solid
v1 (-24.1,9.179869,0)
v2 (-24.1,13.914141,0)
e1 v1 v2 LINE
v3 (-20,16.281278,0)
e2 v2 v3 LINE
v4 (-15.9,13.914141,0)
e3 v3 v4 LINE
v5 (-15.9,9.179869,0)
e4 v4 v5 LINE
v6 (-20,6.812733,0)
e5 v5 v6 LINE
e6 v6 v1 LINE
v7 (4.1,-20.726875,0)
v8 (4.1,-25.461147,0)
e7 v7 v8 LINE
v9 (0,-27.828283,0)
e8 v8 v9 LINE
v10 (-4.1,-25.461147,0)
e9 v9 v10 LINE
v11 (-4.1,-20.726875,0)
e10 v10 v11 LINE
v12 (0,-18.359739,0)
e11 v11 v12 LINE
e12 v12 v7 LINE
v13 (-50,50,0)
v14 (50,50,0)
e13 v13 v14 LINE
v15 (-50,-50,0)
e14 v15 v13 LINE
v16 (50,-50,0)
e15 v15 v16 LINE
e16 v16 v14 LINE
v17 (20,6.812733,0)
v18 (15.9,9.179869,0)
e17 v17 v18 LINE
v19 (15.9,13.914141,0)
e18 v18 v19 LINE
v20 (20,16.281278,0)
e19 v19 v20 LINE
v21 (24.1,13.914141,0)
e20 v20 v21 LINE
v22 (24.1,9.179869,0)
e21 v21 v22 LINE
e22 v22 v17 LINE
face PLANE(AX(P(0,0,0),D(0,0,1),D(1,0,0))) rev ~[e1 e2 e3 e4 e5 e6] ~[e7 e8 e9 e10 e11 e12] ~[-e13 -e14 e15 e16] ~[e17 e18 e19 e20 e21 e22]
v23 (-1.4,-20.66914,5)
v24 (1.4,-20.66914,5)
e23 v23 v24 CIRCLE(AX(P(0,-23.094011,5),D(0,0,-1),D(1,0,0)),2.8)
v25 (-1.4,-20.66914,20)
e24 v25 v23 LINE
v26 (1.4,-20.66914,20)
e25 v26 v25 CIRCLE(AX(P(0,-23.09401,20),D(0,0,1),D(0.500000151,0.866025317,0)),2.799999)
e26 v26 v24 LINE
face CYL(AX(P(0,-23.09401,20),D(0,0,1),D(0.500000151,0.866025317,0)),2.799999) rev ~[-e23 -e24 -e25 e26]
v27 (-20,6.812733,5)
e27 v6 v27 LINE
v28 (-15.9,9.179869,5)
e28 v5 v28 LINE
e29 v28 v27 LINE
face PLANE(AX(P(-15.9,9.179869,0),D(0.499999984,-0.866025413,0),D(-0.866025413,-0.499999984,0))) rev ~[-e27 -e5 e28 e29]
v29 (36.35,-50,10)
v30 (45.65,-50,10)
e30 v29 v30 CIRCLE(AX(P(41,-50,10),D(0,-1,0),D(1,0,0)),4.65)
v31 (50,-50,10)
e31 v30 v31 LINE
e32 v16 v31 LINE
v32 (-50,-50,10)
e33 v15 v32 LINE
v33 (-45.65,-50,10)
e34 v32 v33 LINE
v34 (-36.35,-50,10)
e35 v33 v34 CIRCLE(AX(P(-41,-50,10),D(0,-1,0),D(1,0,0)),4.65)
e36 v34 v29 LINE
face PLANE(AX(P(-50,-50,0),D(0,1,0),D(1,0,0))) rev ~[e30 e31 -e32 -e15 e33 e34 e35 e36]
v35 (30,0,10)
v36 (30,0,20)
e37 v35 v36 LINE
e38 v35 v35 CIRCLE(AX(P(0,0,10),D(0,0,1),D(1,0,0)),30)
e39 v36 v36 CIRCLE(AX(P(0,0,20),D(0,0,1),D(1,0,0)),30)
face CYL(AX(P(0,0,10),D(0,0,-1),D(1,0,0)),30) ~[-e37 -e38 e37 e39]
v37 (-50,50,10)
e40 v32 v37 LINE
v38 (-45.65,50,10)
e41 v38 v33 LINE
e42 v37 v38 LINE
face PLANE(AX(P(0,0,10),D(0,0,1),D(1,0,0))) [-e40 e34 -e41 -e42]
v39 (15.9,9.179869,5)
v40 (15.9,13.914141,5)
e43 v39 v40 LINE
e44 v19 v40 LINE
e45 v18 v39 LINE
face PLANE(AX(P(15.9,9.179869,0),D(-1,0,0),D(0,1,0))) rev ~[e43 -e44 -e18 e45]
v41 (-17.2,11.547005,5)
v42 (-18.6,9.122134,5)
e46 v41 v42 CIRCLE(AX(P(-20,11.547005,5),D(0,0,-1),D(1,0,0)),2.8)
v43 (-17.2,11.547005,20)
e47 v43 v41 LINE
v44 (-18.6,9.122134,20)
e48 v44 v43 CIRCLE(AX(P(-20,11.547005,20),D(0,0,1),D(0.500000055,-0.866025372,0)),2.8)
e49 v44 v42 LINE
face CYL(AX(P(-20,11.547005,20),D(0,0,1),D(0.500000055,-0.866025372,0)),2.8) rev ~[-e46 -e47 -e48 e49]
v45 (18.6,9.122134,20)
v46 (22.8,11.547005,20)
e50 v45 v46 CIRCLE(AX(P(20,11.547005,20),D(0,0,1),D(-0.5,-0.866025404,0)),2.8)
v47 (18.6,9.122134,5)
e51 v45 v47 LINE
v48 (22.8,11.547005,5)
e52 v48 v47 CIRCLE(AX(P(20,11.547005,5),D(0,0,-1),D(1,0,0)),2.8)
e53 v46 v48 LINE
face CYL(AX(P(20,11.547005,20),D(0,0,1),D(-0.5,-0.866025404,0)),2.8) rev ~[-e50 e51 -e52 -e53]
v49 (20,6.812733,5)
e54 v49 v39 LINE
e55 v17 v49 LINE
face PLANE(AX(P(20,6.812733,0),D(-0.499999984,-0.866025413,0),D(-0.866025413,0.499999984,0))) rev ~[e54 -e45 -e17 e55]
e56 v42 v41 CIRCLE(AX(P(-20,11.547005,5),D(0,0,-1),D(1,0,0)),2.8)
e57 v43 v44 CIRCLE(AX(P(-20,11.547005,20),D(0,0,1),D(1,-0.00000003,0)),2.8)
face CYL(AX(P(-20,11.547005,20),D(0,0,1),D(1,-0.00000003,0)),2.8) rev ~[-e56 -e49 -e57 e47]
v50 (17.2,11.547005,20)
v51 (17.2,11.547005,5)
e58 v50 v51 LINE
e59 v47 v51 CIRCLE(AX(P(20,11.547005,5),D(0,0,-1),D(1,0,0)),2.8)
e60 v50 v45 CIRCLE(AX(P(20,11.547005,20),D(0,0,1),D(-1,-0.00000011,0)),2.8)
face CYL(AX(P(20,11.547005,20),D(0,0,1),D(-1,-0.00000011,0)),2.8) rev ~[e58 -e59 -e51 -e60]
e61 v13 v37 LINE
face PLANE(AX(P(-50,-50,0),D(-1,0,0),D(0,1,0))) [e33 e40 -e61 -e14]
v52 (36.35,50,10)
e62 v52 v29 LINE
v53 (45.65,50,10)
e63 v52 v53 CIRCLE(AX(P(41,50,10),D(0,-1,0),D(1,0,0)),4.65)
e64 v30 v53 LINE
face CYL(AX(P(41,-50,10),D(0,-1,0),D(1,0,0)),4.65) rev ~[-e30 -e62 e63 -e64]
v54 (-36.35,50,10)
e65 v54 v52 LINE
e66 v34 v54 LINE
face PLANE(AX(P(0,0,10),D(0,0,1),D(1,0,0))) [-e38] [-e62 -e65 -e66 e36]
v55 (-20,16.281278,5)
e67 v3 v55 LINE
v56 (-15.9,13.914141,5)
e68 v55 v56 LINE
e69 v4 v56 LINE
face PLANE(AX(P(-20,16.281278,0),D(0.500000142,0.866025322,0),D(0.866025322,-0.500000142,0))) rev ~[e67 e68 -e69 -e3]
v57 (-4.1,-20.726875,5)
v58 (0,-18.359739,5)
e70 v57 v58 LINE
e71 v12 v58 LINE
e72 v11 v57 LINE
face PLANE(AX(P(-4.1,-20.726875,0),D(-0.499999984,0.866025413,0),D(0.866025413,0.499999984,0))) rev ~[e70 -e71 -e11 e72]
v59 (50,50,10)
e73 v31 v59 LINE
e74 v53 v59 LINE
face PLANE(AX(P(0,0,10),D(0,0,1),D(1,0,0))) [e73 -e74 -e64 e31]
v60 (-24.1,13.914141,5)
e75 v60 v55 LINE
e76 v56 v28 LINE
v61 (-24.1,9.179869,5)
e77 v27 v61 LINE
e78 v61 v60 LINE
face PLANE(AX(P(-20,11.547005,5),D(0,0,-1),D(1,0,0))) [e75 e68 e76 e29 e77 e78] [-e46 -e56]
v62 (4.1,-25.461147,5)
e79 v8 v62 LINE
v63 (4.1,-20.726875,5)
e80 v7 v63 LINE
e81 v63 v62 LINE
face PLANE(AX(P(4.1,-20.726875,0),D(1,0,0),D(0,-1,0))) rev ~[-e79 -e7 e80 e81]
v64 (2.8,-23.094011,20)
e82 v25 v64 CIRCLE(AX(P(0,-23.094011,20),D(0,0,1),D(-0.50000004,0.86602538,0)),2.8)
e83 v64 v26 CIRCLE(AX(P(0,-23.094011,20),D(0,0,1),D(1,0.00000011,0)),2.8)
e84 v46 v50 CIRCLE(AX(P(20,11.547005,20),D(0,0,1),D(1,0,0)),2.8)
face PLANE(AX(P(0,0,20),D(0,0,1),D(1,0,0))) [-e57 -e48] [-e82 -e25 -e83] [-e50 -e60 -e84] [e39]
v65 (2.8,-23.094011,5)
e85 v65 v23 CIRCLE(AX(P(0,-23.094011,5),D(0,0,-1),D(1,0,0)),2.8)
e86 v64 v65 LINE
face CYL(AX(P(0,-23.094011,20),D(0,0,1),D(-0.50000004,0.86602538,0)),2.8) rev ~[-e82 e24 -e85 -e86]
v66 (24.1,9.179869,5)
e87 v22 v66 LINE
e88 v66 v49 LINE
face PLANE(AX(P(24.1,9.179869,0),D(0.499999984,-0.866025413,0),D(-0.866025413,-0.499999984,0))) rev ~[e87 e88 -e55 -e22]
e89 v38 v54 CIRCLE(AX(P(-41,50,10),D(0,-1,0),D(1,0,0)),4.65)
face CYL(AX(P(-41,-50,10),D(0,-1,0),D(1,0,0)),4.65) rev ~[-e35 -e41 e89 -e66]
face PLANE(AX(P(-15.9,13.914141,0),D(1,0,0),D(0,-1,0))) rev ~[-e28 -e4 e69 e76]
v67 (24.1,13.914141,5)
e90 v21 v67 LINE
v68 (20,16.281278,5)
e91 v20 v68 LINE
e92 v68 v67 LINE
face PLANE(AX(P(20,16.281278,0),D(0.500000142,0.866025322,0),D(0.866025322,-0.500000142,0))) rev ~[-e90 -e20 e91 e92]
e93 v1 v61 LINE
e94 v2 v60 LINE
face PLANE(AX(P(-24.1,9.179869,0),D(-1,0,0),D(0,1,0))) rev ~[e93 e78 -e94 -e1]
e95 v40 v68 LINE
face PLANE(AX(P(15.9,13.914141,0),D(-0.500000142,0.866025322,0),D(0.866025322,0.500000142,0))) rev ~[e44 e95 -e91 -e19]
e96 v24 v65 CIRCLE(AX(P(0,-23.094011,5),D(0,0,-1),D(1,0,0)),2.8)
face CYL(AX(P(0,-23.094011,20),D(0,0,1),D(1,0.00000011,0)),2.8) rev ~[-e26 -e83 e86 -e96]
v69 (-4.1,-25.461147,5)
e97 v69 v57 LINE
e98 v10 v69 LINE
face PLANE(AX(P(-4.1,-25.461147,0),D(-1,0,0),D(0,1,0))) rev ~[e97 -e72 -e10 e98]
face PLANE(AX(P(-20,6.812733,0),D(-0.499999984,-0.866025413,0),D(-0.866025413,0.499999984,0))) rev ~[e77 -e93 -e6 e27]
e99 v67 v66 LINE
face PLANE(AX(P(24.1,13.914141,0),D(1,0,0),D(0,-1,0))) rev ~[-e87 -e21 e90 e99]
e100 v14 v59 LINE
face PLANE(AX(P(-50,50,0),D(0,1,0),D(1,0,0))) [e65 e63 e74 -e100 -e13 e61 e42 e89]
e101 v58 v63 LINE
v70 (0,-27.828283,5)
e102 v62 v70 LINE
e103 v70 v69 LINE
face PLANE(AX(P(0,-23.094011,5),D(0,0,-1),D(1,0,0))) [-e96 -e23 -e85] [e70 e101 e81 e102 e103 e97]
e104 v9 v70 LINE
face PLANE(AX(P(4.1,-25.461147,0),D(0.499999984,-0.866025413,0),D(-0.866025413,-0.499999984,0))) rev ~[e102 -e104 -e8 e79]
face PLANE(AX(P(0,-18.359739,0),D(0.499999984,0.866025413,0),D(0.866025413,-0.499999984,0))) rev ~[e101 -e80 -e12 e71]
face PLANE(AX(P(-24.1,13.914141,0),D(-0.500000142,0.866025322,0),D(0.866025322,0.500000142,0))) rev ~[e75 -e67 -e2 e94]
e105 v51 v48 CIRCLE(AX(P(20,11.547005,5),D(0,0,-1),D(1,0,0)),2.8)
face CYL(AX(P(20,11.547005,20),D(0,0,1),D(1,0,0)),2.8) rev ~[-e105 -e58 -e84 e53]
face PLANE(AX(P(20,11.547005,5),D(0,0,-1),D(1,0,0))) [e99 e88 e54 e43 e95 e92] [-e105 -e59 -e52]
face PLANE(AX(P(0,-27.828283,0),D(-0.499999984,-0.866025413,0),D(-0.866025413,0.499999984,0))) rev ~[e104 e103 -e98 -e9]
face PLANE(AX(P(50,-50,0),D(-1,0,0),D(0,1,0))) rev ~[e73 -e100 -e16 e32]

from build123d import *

# Parameters (mm, degrees)
F0_W     = 100
F0_H     = 100
F1_DEPTH = 10
F2_R     = 4.65
F3_DEPTH = 100.001
F4_R     = 30
F5_DEPTH = 10
F7_DEPTH = 20.001
F8_R     = 2.8
F9_DEPTH = 5


with BuildPart() as f1:
    # F0 (on Top) → F1 (new body)
    with BuildSketch(Plane.XY):
        Rectangle(F0_W, F0_H)
    extrude(amount=F1_DEPTH)

    # F2 (on face) → F3 (cut, through all)
    with BuildSketch(Plane.XZ.offset(50)):
        with Locations((-41, 10)):
            Circle(F2_R)
        with Locations((41, 10)):
            Circle(F2_R)
    extrude(amount=-F3_DEPTH, mode=Mode.SUBTRACT)

    # F4 (on face) → F5 (join)
    with BuildSketch(Plane.XY.offset(10)):
        Circle(F4_R)
    extrude(amount=F5_DEPTH)

    # F6 (on face) → F7 (cut, through all)
    with BuildSketch(Plane.XY.offset(20)):
        with BuildLine():
            ThreePointArc((-18.6, 9.122134), (-17.575129, 10.147005), (-17.2, 11.547005))
            Line((-17.2, 11.547005), (-20, 11.547005))
            Line((-20, 11.547005), (-18.6, 9.122134))
        make_face()
        with BuildLine():
            Line((-20, 11.547005), (-17.2, 11.547005))
            ThreePointArc((-17.2, 11.547005), (-22.424871, 12.947005), (-18.6, 9.122134))
            Line((-18.6, 9.122134), (-20, 11.547005))
        make_face()
        with BuildLine():
            Line((18.6, 9.122134), (20, 11.547005))
            Line((20, 11.547005), (17.2, 11.547005))
            ThreePointArc((17.2, 11.547005), (17.575129, 10.147005), (18.6, 9.122134))
        make_face()
        with BuildLine():
            Line((17.2, 11.547005), (20, 11.547005))
            Line((20, 11.547005), (18.6, 9.122134))
            ThreePointArc((18.6, 9.122134), (21.4, 9.122134), (22.8, 11.547005))
            ThreePointArc((22.8, 11.547005), (20, 14.347005), (17.2, 11.547005))
        make_face()
        with BuildLine():
            Line((0, -23.094011), (1.4, -20.66914))
            ThreePointArc((1.4, -20.66914), (0, -20.294011), (-1.4, -20.66914))
            Line((-1.4, -20.66914), (0, -23.094011))
        make_face()
        with BuildLine():
            ThreePointArc((2.8, -23.094011), (2.424871, -21.694011), (1.4, -20.66914))
            Line((1.4, -20.66914), (0, -23.094011))
            Line((0, -23.094011), (-1.4, -20.66914))
            ThreePointArc((-1.4, -20.66914), (-1.4, -25.518882), (2.8, -23.094011))
        make_face()
    extrude(amount=-F7_DEPTH, mode=Mode.SUBTRACT)

    # F8 (on face) → F9 (cut)
    with BuildSketch(Plane(origin=(0, 0, 0), x_dir=(1, 0, 0), z_dir=(0, 0, -1))):
        Polygon((0, 18.359739), (4.1, 20.726875), (4.1, 25.461147), (0, 27.828283), (-4.1, 25.461147), (-4.1, 20.726875), align=None)
        with Locations((0, 23.094011)):
            Circle(F8_R, mode=Mode.SUBTRACT)
        Polygon((-20, -16.281278), (-15.9, -13.914141), (-15.9, -9.179869), (-20, -6.812733), (-24.1, -9.179869), (-24.1, -13.914141), align=None)
        with Locations((-20, -11.547005)):
            Circle(F8_R, mode=Mode.SUBTRACT)
        Polygon((20, -16.281278), (24.1, -13.914141), (24.1, -9.179869), (20, -6.812733), (15.9, -9.179869), (15.9, -13.914141), align=None)
        with Locations((20, -11.547005)):
            Circle(F8_R, mode=Mode.SUBTRACT)
    extrude(amount=-F9_DEPTH, mode=Mode.SUBTRACT)


solid = f1.part
